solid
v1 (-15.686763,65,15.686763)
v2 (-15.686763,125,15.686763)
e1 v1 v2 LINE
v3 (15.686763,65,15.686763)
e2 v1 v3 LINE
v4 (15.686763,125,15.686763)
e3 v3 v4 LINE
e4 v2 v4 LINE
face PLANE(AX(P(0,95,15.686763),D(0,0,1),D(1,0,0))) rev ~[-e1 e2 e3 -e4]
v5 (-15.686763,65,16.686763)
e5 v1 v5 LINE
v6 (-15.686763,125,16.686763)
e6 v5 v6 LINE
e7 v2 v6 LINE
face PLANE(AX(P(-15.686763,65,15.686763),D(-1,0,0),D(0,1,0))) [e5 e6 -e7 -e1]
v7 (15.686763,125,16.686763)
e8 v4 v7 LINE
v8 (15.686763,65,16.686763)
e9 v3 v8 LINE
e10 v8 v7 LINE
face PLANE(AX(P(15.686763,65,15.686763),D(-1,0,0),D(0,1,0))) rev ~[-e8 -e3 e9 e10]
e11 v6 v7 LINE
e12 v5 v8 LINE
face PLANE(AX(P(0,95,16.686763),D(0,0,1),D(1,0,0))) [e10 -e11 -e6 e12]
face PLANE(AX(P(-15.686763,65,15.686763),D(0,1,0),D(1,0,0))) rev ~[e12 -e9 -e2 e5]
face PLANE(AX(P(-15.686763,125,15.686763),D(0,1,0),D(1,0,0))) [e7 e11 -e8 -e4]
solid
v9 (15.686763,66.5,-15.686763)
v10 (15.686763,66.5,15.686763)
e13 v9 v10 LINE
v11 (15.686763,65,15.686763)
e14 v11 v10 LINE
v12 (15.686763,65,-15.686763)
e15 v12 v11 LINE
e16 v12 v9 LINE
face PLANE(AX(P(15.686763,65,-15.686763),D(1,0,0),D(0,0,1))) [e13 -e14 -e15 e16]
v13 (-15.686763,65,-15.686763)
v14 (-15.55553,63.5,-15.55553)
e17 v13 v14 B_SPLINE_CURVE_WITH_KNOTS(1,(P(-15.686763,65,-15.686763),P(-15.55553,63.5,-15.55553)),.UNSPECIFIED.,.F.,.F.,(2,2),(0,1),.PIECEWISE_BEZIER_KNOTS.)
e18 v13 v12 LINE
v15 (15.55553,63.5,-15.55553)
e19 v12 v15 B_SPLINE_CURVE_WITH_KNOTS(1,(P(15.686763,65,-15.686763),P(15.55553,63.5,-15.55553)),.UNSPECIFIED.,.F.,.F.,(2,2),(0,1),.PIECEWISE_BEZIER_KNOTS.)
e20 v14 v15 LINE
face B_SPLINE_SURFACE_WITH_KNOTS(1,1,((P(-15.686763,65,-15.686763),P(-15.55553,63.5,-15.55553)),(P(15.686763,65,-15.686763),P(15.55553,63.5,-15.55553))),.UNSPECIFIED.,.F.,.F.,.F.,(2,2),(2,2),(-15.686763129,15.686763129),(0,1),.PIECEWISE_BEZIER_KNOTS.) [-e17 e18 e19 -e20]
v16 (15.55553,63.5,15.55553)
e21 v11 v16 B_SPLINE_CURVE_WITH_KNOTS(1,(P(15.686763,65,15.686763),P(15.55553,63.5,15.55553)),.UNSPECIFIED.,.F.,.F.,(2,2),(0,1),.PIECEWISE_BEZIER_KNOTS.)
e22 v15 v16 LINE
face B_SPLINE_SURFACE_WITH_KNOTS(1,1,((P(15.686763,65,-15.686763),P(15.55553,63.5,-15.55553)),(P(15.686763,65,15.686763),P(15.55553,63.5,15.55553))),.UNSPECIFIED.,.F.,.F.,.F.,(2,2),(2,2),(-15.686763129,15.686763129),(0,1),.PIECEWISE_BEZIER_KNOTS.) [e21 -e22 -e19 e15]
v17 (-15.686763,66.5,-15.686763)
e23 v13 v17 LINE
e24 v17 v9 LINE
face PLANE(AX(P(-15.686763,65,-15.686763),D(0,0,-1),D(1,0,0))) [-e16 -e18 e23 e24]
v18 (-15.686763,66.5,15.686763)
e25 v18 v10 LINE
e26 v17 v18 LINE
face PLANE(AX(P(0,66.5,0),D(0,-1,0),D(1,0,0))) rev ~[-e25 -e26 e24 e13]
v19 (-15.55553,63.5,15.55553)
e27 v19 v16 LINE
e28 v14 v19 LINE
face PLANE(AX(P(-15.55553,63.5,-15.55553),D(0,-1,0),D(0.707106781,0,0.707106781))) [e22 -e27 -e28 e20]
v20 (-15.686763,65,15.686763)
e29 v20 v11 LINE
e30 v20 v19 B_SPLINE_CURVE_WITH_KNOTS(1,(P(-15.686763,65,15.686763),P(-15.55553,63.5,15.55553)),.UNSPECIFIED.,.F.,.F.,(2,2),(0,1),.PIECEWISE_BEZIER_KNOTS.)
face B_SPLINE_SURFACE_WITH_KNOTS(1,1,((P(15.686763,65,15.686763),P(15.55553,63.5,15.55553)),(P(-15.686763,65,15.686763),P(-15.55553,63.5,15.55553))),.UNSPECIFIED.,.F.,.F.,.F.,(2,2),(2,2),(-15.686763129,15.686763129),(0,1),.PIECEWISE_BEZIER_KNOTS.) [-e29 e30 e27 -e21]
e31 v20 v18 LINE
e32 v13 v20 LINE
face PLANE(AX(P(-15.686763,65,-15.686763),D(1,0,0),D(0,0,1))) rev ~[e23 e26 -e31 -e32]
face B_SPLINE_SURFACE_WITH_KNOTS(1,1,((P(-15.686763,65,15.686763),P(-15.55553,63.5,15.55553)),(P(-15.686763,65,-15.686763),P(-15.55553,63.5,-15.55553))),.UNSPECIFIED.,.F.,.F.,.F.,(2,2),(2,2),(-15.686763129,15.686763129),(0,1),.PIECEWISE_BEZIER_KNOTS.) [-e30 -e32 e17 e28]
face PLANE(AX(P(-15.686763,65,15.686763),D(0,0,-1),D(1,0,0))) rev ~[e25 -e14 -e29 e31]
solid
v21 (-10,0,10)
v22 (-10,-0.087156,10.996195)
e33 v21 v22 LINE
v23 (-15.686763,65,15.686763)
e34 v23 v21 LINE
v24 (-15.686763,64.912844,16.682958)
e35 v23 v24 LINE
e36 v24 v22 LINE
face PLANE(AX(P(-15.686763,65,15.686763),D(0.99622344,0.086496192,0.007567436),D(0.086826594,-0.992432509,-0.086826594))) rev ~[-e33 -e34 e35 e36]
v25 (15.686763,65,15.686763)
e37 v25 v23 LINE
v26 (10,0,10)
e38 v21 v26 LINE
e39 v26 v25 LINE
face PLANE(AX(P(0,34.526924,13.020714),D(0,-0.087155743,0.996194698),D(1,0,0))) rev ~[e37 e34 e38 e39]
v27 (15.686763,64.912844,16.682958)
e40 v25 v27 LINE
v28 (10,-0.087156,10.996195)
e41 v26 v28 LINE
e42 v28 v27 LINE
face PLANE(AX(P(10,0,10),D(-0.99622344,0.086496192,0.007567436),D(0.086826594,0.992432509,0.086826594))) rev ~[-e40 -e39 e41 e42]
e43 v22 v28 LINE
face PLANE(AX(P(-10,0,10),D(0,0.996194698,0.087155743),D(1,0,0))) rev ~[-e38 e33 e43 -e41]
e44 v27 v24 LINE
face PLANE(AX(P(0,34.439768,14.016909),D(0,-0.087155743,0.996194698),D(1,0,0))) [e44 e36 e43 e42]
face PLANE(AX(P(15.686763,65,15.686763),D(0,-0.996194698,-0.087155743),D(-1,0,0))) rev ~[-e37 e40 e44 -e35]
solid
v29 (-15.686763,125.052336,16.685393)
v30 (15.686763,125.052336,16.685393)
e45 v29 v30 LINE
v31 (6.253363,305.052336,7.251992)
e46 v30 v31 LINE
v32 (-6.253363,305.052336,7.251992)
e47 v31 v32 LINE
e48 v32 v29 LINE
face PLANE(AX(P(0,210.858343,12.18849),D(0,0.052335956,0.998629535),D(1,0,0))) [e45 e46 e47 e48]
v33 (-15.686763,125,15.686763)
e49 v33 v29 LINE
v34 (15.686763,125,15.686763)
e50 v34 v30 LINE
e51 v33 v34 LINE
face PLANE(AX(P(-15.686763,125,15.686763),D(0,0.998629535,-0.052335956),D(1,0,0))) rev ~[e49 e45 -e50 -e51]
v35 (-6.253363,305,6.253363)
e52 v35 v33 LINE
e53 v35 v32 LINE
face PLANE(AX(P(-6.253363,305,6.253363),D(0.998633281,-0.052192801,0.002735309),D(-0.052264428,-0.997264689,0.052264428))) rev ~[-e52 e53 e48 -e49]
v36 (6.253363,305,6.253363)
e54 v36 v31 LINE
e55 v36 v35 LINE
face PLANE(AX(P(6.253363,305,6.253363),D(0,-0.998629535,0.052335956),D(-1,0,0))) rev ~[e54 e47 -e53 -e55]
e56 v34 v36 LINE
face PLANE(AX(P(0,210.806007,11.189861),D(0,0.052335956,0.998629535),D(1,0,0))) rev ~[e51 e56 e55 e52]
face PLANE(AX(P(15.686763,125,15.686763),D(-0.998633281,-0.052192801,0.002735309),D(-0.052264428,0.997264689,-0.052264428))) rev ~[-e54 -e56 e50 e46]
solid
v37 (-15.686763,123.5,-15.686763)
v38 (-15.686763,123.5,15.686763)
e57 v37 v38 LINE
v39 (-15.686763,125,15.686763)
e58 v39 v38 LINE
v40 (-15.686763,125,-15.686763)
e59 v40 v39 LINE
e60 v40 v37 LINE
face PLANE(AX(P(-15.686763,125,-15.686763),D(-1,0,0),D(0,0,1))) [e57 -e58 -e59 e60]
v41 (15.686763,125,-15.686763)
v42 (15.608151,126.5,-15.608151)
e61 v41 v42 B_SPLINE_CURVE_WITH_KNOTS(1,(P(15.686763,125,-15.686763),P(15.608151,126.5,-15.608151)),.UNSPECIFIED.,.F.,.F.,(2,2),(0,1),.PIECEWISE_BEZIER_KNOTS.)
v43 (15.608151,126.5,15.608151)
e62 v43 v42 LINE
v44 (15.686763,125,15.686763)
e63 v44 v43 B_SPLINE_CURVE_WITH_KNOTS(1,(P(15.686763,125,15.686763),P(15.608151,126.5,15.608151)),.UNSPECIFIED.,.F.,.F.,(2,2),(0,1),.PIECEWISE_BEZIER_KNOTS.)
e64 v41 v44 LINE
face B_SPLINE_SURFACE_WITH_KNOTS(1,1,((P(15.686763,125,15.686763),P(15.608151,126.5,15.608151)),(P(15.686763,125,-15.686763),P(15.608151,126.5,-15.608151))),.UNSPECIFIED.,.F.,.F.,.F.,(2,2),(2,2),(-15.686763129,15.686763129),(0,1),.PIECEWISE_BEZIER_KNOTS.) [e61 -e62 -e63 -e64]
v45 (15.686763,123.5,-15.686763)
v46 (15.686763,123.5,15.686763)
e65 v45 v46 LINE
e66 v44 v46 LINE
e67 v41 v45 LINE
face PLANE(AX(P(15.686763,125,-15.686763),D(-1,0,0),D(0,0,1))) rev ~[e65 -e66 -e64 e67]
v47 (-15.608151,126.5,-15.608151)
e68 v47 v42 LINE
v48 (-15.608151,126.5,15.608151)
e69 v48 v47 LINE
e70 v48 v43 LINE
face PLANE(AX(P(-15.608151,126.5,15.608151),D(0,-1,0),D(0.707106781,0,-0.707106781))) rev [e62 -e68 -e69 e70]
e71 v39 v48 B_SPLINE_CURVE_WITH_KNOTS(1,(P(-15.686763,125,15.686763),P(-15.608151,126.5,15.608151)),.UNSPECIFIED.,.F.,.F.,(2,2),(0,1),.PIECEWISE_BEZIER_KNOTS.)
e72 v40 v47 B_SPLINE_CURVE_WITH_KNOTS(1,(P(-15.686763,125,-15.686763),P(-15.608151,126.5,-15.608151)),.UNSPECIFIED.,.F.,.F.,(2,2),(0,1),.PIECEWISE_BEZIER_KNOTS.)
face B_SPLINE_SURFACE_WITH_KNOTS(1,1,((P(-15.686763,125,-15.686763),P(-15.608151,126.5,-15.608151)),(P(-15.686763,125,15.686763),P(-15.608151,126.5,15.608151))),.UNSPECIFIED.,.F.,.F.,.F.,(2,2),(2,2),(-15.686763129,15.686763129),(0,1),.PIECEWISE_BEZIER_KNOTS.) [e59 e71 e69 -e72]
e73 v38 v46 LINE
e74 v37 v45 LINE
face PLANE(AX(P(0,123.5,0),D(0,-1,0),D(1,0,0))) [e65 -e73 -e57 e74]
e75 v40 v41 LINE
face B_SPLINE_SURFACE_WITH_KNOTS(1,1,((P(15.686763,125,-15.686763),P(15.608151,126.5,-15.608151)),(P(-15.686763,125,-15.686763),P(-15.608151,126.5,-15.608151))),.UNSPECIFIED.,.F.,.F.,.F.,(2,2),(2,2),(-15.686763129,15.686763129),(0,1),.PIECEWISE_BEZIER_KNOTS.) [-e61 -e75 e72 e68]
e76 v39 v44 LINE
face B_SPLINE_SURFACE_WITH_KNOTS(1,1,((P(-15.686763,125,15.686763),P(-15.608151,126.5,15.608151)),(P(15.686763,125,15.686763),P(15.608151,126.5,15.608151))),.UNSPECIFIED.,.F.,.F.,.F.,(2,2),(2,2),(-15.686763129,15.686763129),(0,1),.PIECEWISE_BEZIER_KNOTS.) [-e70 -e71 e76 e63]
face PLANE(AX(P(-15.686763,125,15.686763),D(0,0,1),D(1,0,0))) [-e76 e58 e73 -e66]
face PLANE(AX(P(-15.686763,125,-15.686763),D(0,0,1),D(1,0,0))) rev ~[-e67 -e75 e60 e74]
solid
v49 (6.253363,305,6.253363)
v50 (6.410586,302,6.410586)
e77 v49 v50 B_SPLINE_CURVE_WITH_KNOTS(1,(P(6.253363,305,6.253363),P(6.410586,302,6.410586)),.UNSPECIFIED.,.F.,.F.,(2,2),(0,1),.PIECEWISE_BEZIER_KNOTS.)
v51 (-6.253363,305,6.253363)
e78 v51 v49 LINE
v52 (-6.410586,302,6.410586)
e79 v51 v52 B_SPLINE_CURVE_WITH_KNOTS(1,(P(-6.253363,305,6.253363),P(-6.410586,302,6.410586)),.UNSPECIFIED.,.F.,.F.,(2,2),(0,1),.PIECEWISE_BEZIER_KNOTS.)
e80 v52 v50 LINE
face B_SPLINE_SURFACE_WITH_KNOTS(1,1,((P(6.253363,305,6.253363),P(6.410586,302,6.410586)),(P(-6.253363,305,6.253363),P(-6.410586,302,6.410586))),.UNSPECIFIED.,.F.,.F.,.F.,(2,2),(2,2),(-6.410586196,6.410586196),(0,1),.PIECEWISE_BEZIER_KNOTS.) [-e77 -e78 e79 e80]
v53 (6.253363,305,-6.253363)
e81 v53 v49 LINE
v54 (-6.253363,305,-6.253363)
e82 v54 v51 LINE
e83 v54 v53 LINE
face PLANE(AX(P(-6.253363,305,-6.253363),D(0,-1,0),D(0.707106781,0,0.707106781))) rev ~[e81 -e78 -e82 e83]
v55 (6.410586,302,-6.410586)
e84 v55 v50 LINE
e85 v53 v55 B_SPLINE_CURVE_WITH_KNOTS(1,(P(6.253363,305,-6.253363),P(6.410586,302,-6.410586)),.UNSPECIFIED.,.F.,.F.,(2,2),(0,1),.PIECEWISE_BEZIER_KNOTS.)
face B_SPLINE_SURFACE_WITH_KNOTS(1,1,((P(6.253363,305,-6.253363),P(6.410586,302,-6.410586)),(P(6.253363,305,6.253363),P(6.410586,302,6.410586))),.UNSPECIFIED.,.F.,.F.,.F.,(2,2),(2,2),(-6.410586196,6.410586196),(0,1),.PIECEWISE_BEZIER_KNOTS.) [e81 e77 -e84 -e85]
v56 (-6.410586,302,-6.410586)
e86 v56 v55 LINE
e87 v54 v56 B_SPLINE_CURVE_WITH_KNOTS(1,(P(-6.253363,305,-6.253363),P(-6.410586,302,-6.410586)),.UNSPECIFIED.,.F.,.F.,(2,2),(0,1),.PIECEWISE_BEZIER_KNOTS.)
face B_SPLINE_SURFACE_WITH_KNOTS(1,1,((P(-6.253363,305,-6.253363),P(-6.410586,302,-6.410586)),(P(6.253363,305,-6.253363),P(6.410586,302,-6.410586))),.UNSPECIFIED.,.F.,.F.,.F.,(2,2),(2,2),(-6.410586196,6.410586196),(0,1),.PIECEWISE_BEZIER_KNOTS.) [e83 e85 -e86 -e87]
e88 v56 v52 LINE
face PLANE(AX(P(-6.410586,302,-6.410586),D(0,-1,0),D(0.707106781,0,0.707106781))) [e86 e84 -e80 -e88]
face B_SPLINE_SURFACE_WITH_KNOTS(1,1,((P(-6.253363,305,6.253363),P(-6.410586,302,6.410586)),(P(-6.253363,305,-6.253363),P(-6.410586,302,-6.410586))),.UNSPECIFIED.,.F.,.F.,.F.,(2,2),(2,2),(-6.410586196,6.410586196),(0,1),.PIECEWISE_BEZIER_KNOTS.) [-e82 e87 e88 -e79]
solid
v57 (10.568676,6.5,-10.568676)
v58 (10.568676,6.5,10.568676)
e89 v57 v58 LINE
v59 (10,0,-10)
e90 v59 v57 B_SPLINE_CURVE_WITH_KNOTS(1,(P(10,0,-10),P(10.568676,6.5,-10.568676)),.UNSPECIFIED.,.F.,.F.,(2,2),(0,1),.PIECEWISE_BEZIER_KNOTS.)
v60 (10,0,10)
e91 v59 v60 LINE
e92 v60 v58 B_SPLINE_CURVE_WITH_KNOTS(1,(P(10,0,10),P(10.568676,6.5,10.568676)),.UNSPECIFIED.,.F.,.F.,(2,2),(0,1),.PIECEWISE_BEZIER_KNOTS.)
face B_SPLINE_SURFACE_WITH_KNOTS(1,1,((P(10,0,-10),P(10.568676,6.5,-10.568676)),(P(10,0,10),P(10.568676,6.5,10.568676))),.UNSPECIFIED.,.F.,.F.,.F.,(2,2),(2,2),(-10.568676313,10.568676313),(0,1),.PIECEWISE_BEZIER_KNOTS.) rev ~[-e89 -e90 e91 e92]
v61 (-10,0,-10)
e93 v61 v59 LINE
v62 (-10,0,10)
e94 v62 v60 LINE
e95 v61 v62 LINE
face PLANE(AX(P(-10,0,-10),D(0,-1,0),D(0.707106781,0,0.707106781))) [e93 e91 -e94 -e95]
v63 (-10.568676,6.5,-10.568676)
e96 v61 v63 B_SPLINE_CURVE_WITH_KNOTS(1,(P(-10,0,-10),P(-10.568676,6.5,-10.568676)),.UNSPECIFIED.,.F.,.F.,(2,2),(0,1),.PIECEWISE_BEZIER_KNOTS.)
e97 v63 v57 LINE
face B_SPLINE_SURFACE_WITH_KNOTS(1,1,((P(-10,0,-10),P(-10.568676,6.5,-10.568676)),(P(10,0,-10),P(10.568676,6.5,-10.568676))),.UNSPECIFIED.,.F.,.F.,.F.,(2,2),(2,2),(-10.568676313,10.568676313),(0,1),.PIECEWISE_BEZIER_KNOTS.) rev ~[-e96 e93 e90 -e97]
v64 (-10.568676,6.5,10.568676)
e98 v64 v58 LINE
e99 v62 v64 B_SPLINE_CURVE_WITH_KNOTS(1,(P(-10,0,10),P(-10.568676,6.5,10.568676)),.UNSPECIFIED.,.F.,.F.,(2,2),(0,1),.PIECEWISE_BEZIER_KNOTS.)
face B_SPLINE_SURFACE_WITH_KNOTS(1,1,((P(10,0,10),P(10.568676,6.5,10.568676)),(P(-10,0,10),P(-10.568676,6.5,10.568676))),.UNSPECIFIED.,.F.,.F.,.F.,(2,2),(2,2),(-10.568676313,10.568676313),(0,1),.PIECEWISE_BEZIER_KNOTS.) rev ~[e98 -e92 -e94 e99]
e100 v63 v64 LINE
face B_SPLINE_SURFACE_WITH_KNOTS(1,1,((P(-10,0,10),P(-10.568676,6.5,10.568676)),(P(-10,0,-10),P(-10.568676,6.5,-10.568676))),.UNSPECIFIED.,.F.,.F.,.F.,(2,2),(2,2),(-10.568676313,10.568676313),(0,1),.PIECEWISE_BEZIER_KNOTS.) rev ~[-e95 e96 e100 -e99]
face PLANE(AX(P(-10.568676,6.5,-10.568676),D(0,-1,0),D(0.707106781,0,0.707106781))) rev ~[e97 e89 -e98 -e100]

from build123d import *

# Parameters (mm, degrees)
F0_W       = 20
F0_H       = 20
F1_DEPTH   = 6.5
F1_TAPER   = -5
F4_DEPTH   = 1
F5_W       = 31.3735262584
F5_H       = 31.3735262584
F6_DEPTH   = 1.5
F6_FACE_W  = 31.3735262584
F6_FACE_H  = 31.3735262584
F7_DEPTH   = 1.5
F7_TAPER   = 5
F9_W       = 31.3735262584
F9_H       = 60
F10_DEPTH  = 1
F11_W      = 31.3735262584
F11_H      = 31.3735262584
F12_DEPTH  = 1.5
F12_FACE_W = 31.3735262584
F12_FACE_H = 31.3735262584
F13_DEPTH  = 1.5
F13_TAPER  = 3
F16_DEPTH  = 1
F17_W      = 12.5067257165
F17_H      = 12.5067257165
F18_DEPTH  = 3
F18_TAPER  = -3


with BuildPart() as f1:
    # F0 (on Front) → F1 (new body)
    with BuildSketch(Plane.XZ):
        Rectangle(F0_W, F0_H)
    extrude(amount=-F1_DEPTH, taper=F1_TAPER)


with BuildPart() as f4:
    # F3 (on face) → F4 (new body)
    with BuildSketch(Plane(origin=(0, -0.8682408883, 9.9240387651), x_dir=(1, 0, 0), z_dir=(0, -0.0871557427, 0.9961946981))):
        Polygon((15.6867631292, 66.1198468678), (-15.6867631292, 66.1198468678), (-10, 0.8715574275), (10, 0.8715574275), align=None)
    extrude(amount=F4_DEPTH)


with BuildPart() as f6:
    # F5 (on offset) → F6 (new body)
    with BuildSketch(Plane.XZ.offset(-65)):
        Rectangle(F5_W, F5_H)
    extrude(amount=-F6_DEPTH)

    # F6_face (on face) → F7 (join)
    with BuildSketch(Plane.XZ.offset(-65)):
        Rectangle(F6_FACE_W, F6_FACE_H)
    extrude(amount=F7_DEPTH, taper=F7_TAPER)


with BuildPart() as f10:
    # F9 (on face) → F10 (new body)
    with BuildSketch(Plane.XY.offset(15.6867631292)):
        with Locations((0, 95)):
            Rectangle(F9_W, F9_H)
    extrude(amount=F10_DEPTH)


with BuildPart() as f12:
    # F11 (on offset) → F12 (new body)
    with BuildSketch(Plane.XZ.offset(-125)):
        Rectangle(F11_W, F11_H)
    extrude(amount=F12_DEPTH)

    # F12_face (on face) → F13 (join)
    with BuildSketch(Plane(origin=(0, 125, 0), x_dir=(1, 0, 0), z_dir=(0, 1, 0))):
        Rectangle(F12_FACE_W, F12_FACE_H)
    extrude(amount=F13_DEPTH, taper=F13_TAPER)


with BuildPart() as f16:
    # F15 (on face) → F16 (new body)
    with BuildSketch(Plane(origin=(0, 1.1622381613, 22.1768252185), x_dir=(1, 0, 0), z_dir=(0, 0.0523359562, 0.9986295348))):
        Polygon((-15.6867631292, 124.0077100956), (15.6867631292, 124.0077100956), (6.2533628582, 304.2547323752), (-6.2533628582, 304.2547323752), align=None)
    extrude(amount=F16_DEPTH)


with BuildPart() as f18:
    # F17 (on offset) → F18 (new body)
    with BuildSketch(Plane.XZ.offset(-305)):
        Rectangle(F17_W, F17_H)
    extrude(amount=F18_DEPTH, taper=F18_TAPER)


solid = Compound([f1.part, f4.part, f6.part, f10.part, f12.part, f16.part, f18.part])
